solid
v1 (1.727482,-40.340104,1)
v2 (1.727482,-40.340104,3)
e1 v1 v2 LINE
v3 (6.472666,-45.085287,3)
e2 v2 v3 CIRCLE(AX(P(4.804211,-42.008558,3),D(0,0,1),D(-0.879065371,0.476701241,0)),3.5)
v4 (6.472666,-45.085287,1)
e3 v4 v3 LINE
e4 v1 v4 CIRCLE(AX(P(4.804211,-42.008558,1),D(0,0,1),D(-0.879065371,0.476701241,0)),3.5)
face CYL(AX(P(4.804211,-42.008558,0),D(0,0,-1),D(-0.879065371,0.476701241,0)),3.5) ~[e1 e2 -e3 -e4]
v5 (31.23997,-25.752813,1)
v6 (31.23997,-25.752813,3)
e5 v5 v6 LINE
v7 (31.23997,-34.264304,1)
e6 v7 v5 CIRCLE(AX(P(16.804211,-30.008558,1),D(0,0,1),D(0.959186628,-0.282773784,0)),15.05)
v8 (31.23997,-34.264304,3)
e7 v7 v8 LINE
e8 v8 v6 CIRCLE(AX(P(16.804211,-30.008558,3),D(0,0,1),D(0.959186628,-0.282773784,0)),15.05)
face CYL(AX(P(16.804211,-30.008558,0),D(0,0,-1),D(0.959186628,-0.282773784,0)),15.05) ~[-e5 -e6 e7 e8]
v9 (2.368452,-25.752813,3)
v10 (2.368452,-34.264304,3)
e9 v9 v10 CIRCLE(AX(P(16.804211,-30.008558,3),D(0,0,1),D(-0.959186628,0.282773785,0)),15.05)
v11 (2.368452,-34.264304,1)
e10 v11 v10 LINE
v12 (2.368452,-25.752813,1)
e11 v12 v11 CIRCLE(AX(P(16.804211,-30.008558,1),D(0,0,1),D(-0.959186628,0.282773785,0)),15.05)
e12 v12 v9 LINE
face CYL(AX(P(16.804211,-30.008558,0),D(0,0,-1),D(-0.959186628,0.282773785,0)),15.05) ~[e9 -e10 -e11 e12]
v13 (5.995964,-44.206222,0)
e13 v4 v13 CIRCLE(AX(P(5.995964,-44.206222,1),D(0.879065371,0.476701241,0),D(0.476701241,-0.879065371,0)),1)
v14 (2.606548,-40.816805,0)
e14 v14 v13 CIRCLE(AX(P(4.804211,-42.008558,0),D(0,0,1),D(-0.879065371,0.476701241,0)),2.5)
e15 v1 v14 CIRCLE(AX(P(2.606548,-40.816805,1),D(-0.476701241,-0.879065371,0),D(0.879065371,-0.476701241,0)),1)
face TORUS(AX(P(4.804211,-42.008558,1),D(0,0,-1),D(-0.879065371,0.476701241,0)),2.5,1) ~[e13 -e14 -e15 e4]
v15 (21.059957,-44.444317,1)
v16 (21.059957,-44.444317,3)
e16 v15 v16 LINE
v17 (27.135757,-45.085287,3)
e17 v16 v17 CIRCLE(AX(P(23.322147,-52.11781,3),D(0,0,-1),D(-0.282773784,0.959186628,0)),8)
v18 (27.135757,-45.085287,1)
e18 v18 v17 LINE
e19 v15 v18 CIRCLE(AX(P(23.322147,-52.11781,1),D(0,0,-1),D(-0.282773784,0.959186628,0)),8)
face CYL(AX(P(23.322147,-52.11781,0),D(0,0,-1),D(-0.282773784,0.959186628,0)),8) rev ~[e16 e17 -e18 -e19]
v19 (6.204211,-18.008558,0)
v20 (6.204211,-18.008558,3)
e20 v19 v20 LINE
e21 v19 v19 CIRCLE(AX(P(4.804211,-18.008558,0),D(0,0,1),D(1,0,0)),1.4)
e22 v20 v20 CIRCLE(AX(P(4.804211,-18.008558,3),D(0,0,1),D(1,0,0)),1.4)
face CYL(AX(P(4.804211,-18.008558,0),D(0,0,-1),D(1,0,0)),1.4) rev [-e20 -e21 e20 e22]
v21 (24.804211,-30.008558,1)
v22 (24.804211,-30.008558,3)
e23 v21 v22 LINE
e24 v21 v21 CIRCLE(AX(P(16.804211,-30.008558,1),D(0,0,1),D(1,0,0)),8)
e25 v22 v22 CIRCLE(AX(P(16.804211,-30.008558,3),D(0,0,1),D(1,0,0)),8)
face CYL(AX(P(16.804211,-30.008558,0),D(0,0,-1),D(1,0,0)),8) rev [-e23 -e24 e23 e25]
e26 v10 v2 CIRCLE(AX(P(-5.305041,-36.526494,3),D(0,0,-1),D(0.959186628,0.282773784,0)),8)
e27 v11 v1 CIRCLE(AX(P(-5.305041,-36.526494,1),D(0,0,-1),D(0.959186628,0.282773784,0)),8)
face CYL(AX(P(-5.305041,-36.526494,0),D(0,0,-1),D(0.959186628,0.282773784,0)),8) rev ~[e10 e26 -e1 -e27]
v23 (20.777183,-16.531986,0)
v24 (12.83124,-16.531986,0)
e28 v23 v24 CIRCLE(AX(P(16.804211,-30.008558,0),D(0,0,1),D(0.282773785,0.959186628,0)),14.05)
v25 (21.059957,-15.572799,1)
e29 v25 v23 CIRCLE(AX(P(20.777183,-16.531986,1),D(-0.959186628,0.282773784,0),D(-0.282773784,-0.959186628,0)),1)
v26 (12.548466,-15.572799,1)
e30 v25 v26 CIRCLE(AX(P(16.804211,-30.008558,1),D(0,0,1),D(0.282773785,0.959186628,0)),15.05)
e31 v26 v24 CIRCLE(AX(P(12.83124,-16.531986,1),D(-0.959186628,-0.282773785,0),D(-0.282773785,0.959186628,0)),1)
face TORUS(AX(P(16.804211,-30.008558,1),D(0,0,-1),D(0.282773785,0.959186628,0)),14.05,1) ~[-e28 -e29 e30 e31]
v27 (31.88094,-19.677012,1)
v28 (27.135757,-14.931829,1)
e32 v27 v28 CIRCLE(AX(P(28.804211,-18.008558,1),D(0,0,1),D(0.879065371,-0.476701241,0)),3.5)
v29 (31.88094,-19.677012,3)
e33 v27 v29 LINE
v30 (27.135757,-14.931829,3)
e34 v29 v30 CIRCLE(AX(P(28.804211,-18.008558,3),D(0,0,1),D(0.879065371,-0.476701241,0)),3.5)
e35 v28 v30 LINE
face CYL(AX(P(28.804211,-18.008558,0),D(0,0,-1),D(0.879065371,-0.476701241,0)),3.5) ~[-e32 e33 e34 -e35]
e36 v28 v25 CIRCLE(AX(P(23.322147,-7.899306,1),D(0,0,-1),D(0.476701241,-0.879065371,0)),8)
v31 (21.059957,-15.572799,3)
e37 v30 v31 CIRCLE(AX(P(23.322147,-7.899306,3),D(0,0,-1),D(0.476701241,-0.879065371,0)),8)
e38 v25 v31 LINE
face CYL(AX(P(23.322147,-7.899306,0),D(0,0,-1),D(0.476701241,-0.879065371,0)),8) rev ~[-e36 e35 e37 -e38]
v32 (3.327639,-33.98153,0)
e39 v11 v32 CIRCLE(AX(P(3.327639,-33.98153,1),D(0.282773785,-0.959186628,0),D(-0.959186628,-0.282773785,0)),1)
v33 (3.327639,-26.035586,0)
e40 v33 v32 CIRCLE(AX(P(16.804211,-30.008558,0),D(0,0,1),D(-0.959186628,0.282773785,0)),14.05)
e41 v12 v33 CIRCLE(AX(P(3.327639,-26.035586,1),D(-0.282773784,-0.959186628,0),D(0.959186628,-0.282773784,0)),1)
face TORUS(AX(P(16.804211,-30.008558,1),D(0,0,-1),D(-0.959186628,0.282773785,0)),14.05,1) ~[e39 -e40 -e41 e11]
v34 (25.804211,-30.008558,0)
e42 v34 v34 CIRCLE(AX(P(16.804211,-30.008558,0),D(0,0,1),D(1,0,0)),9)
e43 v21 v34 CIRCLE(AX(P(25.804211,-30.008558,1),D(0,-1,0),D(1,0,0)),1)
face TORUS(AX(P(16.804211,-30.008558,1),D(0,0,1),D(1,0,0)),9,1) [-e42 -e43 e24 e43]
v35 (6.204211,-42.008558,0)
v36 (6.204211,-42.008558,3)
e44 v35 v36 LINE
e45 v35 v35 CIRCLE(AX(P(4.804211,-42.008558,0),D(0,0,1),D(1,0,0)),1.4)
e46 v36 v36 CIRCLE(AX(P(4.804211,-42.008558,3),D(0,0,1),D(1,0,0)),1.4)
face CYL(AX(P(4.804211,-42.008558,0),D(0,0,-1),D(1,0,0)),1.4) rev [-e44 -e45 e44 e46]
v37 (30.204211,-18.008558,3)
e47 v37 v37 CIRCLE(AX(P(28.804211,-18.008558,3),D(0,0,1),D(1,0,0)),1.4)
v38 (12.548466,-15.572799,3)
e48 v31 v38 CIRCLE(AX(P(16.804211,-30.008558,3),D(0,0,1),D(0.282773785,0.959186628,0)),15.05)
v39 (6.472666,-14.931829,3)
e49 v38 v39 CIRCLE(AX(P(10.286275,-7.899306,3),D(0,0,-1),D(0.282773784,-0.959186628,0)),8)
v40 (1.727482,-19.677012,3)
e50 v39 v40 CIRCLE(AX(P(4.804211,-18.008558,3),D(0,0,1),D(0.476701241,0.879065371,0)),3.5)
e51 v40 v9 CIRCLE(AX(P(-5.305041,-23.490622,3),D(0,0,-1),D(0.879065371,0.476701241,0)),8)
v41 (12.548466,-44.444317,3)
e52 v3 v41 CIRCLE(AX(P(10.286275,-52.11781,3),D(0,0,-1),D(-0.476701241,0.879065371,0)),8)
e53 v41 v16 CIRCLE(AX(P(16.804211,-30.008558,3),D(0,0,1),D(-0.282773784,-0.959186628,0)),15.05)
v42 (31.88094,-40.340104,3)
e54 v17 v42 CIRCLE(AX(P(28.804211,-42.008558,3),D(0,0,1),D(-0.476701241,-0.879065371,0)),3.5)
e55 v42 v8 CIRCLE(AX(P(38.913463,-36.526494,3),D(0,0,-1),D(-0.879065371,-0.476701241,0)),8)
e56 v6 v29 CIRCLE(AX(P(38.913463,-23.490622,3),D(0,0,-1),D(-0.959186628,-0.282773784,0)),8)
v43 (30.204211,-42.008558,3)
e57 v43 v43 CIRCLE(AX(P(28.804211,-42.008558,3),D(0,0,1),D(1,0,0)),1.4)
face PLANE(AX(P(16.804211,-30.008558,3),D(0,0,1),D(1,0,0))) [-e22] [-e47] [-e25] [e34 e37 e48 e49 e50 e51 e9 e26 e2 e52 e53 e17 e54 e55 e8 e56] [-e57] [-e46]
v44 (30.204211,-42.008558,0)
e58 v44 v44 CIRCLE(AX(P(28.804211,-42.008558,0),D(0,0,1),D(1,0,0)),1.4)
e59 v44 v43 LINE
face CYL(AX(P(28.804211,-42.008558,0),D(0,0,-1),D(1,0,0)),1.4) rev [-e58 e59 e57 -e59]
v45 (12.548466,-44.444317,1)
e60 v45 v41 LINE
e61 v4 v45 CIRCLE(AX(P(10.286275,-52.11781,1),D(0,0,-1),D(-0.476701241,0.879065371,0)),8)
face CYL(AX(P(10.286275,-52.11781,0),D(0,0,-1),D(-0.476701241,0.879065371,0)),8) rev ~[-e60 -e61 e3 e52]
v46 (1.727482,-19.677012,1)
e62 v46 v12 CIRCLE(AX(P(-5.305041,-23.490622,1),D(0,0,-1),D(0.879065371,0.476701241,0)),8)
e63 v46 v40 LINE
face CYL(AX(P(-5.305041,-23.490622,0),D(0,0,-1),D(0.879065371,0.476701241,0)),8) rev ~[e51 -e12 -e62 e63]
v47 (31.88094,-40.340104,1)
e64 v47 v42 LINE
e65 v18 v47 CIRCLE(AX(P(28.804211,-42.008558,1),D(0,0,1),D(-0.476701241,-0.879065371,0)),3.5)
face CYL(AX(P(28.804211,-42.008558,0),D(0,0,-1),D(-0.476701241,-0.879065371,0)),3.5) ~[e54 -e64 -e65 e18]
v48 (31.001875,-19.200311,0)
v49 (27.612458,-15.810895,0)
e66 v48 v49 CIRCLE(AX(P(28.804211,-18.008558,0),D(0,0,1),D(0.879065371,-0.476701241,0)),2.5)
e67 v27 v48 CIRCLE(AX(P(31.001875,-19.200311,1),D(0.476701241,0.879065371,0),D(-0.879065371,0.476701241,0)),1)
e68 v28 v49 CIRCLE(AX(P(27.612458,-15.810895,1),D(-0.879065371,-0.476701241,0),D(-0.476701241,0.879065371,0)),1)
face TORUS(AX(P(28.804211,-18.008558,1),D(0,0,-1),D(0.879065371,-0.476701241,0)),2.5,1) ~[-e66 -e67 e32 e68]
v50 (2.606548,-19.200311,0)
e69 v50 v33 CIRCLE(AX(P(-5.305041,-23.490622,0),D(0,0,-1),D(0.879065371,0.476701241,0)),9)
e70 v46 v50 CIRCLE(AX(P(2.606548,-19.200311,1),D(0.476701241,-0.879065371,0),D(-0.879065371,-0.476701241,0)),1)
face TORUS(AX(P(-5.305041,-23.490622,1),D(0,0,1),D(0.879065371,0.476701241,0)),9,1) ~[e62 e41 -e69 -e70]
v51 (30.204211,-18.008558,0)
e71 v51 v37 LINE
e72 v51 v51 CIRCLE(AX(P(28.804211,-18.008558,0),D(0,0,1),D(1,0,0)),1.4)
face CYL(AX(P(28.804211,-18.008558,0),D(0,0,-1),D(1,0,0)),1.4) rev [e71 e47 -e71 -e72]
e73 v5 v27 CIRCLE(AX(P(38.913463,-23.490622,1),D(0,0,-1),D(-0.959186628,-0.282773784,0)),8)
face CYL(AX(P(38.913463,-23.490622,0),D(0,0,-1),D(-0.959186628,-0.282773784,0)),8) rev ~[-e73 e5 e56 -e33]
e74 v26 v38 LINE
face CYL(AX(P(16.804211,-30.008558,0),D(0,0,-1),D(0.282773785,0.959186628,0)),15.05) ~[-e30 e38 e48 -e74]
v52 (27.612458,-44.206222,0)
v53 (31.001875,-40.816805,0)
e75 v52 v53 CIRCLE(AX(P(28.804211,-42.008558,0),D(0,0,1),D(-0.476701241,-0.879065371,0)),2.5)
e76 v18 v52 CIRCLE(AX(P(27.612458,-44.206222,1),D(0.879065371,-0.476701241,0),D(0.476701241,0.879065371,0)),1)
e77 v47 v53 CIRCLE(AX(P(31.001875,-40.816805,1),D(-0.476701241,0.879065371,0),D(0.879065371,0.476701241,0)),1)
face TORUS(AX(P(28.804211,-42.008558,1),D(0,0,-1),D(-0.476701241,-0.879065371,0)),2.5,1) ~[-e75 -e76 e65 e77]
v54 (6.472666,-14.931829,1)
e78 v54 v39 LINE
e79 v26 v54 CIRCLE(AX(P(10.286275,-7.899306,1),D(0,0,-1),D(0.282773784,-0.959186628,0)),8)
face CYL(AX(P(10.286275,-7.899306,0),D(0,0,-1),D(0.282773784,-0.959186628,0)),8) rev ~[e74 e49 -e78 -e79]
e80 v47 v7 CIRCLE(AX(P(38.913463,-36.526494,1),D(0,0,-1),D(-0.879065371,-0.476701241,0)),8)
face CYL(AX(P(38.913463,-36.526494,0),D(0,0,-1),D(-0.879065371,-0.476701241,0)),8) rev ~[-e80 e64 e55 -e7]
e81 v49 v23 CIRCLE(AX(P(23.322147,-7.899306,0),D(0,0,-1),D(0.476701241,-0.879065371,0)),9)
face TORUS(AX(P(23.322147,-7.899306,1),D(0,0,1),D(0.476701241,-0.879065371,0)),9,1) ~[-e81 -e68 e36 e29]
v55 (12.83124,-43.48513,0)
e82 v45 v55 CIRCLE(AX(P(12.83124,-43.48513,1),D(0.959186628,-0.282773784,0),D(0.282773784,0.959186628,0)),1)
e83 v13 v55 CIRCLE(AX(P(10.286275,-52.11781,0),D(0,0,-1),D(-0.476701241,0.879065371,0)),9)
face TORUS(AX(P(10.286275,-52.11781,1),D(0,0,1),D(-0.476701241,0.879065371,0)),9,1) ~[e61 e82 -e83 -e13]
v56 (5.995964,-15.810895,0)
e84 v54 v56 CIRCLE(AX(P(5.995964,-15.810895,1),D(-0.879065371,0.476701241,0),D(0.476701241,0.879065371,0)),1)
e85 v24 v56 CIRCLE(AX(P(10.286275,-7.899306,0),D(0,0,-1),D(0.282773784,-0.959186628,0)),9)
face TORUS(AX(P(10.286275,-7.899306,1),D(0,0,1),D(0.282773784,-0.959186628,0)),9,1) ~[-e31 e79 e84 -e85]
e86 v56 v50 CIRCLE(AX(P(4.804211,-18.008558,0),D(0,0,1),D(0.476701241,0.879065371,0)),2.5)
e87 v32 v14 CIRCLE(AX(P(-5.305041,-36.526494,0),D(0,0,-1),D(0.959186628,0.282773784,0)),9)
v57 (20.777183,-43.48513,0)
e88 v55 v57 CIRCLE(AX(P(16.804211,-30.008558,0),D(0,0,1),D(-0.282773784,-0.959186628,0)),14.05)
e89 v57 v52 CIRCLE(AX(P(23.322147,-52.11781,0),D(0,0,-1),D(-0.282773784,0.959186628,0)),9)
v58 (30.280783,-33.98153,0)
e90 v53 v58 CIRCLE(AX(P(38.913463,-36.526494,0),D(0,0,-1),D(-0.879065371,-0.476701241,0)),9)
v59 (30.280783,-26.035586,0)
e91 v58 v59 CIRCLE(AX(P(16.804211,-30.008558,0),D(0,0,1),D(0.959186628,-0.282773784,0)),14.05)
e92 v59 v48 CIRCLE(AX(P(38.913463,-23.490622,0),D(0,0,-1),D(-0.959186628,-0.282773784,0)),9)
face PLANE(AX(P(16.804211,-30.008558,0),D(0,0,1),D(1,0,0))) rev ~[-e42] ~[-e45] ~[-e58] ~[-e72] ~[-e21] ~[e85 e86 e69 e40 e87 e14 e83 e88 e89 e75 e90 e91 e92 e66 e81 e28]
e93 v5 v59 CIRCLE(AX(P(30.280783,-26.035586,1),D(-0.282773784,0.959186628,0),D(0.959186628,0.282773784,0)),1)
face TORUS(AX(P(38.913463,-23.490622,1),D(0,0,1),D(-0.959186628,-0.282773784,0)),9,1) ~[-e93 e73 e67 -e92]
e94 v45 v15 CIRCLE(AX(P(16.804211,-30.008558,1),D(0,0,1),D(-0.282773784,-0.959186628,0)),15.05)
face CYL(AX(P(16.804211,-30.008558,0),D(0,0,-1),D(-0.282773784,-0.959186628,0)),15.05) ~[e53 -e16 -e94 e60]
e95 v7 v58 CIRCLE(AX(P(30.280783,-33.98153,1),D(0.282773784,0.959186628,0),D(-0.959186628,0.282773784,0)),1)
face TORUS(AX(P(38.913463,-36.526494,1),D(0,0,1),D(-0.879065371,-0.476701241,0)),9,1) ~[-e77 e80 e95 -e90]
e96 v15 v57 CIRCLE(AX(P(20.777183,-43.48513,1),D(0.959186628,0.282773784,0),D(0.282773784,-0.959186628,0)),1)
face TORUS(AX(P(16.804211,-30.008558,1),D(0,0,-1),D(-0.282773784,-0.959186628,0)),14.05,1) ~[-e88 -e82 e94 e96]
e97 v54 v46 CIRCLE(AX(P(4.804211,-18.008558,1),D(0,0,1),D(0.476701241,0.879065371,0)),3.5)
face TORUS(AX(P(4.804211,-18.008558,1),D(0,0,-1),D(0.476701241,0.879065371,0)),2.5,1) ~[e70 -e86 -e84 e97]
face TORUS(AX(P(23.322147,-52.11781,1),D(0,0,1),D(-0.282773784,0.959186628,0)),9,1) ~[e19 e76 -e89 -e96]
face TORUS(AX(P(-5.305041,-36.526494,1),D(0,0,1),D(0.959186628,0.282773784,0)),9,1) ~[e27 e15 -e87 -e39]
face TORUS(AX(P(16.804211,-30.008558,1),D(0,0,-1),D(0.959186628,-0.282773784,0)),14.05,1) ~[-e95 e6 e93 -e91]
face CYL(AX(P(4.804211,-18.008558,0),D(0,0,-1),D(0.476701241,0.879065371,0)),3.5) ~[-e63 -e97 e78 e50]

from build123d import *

# Parameters (mm, degrees)
SKETCH2_R           = 8
SKETCH2_R_2         = 1.4
BOSS_EXTRUDE1_DEPTH = 3
FILLET1_R           = 1


with BuildPart() as part:
    # Sketch2 → Boss-Extrude1 (new body)
    with BuildSketch(Plane.XY):
        with BuildLine():
            ThreePointArc((2.368452446, -25.752812678), (1.754211193, -30.008558133), (2.368452446, -34.264303588))
            ThreePointArc((2.368452446, -34.264303588), (2.650810328, -37.36580095), (1.727482394, -40.34010379))
            ThreePointArc((1.727482394, -40.34010379), (2.329337459, -44.483431868), (6.472665536, -45.085286933))
            ThreePointArc((6.472665536, -45.085286933), (9.446968377, -44.161958999), (12.548465738, -44.444316881))
            ThreePointArc((12.548465738, -44.444316881), (16.804211193, -45.058558133), (21.059956649, -44.444316881))
            ThreePointArc((21.059956649, -44.444316881), (24.16145401, -44.161958999), (27.135756851, -45.085286933))
            ThreePointArc((27.135756851, -45.085286933), (31.279084928, -44.483431868), (31.880939993, -40.34010379))
            ThreePointArc((31.880939993, -40.34010379), (30.957612059, -37.36580095), (31.239969941, -34.264303588))
            ThreePointArc((31.239969941, -34.264303588), (31.854211193, -30.008558133), (31.239969941, -25.752812678))
            ThreePointArc((31.239969941, -25.752812678), (30.957612059, -22.651315316), (31.880939993, -19.677012476))
            ThreePointArc((31.880939993, -19.677012476), (31.279084928, -15.533684399), (27.135756851, -14.931829334))
            ThreePointArc((27.135756851, -14.931829334), (24.16145401, -15.855157268), (21.059956649, -15.572799386))
            ThreePointArc((21.059956649, -15.572799386), (16.804211193, -14.958558133), (12.548465738, -15.572799386))
            ThreePointArc((12.548465738, -15.572799386), (9.446968377, -15.855157268), (6.472665536, -14.931829334))
            ThreePointArc((6.472665536, -14.931829334), (2.329337459, -15.533684399), (1.727482394, -19.677012476))
            ThreePointArc((1.727482394, -19.677012476), (2.650810328, -22.651315316), (2.368452446, -25.752812678))
        make_face()
        with Locations((16.804211193, -30.008558133)):
            Circle(SKETCH2_R, mode=Mode.SUBTRACT)
        with Locations((4.804211193, -18.008558133)):
            Circle(SKETCH2_R_2, mode=Mode.SUBTRACT)
        with Locations((28.804211193, -18.008558133)):
            Circle(SKETCH2_R_2, mode=Mode.SUBTRACT)
        with Locations((28.804211193, -42.008558133)):
            Circle(SKETCH2_R_2, mode=Mode.SUBTRACT)
        with Locations((4.804211193, -42.008558133)):
            Circle(SKETCH2_R_2, mode=Mode.SUBTRACT)
    extrude(amount=BOSS_EXTRUDE1_DEPTH)

    # Fillet1
    fillet1_edges = [part.edges().sort_by_distance(p)[0] for p in [
        (2.329337459, -15.533684399, 0),
        (9.446968377, -15.855157268, 0),
        (16.804211193, -14.958558133, 0),
        (24.16145401, -15.855157268, 0),
        (31.279084928, -15.533684399, 0),
        (30.957612059, -22.651315316, 0),
        (31.854211193, -30.008558133, 0),
        (30.957612059, -37.36580095, 0),
        (31.279084928, -44.483431868, 0),
        (24.16145401, -44.161958999, 0),
        (16.804211193, -45.058558133, 0),
        (9.446968377, -44.161958999, 0),
        (2.329337459, -44.483431868, 0),
        (2.650810328, -37.36580095, 0),
        (1.754211193, -30.008558133, 0),
        (2.650810328, -22.651315316, 0),
        (8.804211193, -30.008558133, 0),
    ]]
    fillet(fillet1_edges, radius=FILLET1_R)


solid = part.part
